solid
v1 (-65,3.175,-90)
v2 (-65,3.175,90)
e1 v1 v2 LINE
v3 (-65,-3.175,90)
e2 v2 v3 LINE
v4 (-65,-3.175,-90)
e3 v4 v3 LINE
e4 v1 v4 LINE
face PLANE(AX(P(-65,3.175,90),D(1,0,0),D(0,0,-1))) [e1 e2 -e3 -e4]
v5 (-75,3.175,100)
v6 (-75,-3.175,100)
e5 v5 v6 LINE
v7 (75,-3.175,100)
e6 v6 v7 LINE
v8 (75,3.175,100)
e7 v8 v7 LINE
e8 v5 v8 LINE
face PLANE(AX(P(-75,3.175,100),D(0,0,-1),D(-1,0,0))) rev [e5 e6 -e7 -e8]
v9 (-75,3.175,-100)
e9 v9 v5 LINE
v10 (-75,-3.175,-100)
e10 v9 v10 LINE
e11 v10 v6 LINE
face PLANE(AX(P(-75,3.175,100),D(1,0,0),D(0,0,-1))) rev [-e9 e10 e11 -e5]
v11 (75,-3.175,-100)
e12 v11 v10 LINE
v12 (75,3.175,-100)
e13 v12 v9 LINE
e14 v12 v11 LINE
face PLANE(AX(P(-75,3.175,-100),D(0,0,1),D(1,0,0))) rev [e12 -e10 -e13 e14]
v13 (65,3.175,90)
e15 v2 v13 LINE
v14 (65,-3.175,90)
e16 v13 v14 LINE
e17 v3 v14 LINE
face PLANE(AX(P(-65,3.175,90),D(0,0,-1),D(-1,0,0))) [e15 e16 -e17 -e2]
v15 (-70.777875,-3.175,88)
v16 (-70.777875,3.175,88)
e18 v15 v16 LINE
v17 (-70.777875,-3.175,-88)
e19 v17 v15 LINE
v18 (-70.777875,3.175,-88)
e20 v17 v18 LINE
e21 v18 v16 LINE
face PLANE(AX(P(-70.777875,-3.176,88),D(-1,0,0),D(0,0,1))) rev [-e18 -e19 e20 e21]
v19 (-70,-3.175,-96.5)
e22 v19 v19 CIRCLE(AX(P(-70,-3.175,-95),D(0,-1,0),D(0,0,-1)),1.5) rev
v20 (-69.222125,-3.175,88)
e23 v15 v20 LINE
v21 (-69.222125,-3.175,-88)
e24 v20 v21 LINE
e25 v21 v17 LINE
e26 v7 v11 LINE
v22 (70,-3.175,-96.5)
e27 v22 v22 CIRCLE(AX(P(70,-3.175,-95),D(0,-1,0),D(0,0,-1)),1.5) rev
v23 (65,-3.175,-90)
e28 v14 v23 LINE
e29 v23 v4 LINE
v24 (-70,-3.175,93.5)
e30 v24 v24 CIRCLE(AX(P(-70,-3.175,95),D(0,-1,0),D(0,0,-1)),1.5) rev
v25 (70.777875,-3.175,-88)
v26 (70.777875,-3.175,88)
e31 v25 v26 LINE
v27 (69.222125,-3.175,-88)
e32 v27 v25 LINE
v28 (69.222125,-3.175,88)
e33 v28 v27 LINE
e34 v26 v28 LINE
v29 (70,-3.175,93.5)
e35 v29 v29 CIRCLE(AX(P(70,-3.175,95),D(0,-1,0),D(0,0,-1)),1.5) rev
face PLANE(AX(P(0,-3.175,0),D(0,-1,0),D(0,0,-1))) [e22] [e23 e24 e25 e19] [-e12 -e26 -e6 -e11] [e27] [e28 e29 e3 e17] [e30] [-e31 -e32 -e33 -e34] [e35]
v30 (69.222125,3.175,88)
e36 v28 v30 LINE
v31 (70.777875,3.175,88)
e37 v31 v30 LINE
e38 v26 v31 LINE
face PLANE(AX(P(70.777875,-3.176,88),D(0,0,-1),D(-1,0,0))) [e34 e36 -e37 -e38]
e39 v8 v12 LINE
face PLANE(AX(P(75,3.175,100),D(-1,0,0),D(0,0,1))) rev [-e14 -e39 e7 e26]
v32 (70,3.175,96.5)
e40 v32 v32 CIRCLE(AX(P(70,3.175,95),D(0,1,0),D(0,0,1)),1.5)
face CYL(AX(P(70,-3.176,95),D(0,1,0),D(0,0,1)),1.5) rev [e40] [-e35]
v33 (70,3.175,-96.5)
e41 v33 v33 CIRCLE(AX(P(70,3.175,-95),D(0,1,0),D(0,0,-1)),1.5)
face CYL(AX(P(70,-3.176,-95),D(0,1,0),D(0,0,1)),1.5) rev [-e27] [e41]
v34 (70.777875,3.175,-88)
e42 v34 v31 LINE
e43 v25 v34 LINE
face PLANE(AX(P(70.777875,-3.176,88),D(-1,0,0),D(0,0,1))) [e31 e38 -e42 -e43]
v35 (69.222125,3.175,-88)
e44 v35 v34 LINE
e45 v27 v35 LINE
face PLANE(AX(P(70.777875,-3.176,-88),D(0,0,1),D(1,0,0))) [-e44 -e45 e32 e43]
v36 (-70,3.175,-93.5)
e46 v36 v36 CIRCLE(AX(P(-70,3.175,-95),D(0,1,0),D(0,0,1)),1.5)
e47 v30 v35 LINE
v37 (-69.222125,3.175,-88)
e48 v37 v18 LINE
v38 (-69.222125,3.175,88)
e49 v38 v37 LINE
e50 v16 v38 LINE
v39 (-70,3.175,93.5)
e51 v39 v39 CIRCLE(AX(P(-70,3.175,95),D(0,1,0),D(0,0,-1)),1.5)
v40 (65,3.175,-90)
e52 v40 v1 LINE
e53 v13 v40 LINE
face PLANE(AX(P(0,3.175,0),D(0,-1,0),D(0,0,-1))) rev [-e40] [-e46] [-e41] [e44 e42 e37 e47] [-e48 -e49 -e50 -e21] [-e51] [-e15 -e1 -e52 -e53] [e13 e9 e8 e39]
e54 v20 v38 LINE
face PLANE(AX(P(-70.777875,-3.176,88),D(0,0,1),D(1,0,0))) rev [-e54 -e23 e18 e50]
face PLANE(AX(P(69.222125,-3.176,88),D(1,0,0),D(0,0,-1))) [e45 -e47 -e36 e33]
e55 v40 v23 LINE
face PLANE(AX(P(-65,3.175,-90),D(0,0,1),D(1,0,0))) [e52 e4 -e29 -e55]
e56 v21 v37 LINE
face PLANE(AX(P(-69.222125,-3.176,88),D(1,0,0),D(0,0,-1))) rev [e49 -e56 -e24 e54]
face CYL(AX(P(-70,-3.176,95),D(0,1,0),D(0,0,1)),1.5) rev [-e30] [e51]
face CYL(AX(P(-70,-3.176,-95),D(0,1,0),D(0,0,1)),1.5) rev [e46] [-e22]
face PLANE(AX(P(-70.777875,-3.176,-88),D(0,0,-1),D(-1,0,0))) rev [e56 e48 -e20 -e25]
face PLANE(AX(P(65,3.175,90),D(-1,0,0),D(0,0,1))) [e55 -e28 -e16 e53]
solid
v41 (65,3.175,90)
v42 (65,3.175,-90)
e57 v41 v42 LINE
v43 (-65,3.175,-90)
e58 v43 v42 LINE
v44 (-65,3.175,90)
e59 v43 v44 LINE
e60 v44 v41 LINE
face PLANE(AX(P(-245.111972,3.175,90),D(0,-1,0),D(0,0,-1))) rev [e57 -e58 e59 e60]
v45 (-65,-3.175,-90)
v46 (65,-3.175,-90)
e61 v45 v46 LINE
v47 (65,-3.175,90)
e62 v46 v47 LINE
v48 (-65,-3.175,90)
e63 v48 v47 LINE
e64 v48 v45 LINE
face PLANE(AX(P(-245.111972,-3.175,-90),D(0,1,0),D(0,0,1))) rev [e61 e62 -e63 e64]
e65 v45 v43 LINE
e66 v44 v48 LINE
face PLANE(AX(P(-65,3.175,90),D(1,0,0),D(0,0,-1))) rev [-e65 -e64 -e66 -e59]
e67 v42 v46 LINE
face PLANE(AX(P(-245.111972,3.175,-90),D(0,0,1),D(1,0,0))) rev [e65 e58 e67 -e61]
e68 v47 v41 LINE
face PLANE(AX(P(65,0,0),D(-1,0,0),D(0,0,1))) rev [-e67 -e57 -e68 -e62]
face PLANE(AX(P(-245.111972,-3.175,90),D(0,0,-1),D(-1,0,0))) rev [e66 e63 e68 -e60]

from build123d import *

# Parameters (mm, degrees)
SKETCH1_W           = 150
SKETCH1_H           = 200
SKETCH1_W_2         = 130
SKETCH1_H_2         = 180
MAINBODY_DEPTH      = 3.175
SHEETLOCK_REACH     = 127.161
SKETCH2_W           = 1.55575
SKETCH2_H           = 176
SUPPORTHOLES_REACH  = 127.161
SKETCH3_R           = 1.5
SKETCH4_W           = 180
SKETCH4_H           = 6.35
BOSS_EXTRUDE1_DEPTH = 130


with BuildPart() as part:
    # Sketch1 → MainBody (new, symmetric)
    with BuildSketch(Plane(origin=(0, 0, 0), x_dir=(1, 0, 0), z_dir=(0, 1, 0))):
        Rectangle(SKETCH1_W, SKETCH1_H)
        Rectangle(SKETCH1_W_2, SKETCH1_H_2, mode=Mode.SUBTRACT)
    extrude(amount=MAINBODY_DEPTH, both=True)

    # Sketch2 → SheetLock (cut, up to next)
    with BuildSketch(Plane(origin=(0, 3.175, 0), x_dir=(1, 0, 0), z_dir=(0, 1, 0)), mode=Mode.PRIVATE) as sheetlock_sk1:
        with Locations((-70, 0)):
            Rectangle(SKETCH2_W, SKETCH2_H)
    sheetlock_tool1 = extrude(sheetlock_sk1.sketch, amount=-SHEETLOCK_REACH, mode=Mode.PRIVATE) & part.part
    sheetlock = sheetlock_tool1.solids().sort_by_distance((-70, 3.175, 0))[0]
    add(sheetlock, mode=Mode.SUBTRACT)

    # Mirror1: SheetLock across plane
    add(sheetlock.mirror(Plane(origin=(0, 0, 0), x_dir=(0, 0, 1), z_dir=(1, 0, 0))), mode=Mode.SUBTRACT)

    # Sketch3 → SupportHoles (cut, up to next)
    with BuildSketch(Plane(origin=(0, 3.175, 0), x_dir=(1, 0, 0), z_dir=(0, 1, 0)), mode=Mode.PRIVATE) as supportholes_sk1:
        with Locations(Location((-70, 95, 0), (0, 0, 270))):
            Circle(SKETCH3_R)
    supportholes_tool1 = extrude(supportholes_sk1.sketch, amount=-SUPPORTHOLES_REACH, mode=Mode.PRIVATE) & part.part
    # Sketch3 → SupportHoles (cut, up to next)
    with BuildSketch(Plane(origin=(0, 3.175, 0), x_dir=(1, 0, 0), z_dir=(0, 1, 0)), mode=Mode.PRIVATE) as supportholes_sk2:
        with Locations(Location((70, 95, 0), (0, 0, 90))):
            Circle(SKETCH3_R)
    supportholes_tool2 = extrude(supportholes_sk2.sketch, amount=-SUPPORTHOLES_REACH, mode=Mode.PRIVATE) & part.part
    # Sketch3 → SupportHoles (cut, up to next)
    with BuildSketch(Plane(origin=(0, 3.175, 0), x_dir=(1, 0, 0), z_dir=(0, 1, 0)), mode=Mode.PRIVATE) as supportholes_sk3:
        with Locations(Location((70, -95, 0), (0, 0, 270))):
            Circle(SKETCH3_R)
    supportholes_tool3 = extrude(supportholes_sk3.sketch, amount=-SUPPORTHOLES_REACH, mode=Mode.PRIVATE) & part.part
    # Sketch3 → SupportHoles (cut, up to next)
    with BuildSketch(Plane(origin=(0, 3.175, 0), x_dir=(1, 0, 0), z_dir=(0, 1, 0)), mode=Mode.PRIVATE) as supportholes_sk4:
        with Locations(Location((-70, -95, 0), (0, 0, 90))):
            Circle(SKETCH3_R)
    supportholes_tool4 = extrude(supportholes_sk4.sketch, amount=-SUPPORTHOLES_REACH, mode=Mode.PRIVATE) & part.part
    add(supportholes_tool1.solids().sort_by_distance((-70, 3.175, -95))[0], mode=Mode.SUBTRACT)
    add(supportholes_tool2.solids().sort_by_distance((70, 3.175, -95))[0], mode=Mode.SUBTRACT)
    add(supportholes_tool3.solids().sort_by_distance((70, 3.175, 95))[0], mode=Mode.SUBTRACT)
    add(supportholes_tool4.solids().sort_by_distance((-70, 3.175, 95))[0], mode=Mode.SUBTRACT)


with BuildPart() as body_2:
    # Sketch4 → Boss-Extrude1 (new body)
    with BuildSketch(Plane.ZY.offset(-65)):
        Rectangle(SKETCH4_W, SKETCH4_H)
    extrude(amount=BOSS_EXTRUDE1_DEPTH)


solid = Compound([part.part, body_2.part])
